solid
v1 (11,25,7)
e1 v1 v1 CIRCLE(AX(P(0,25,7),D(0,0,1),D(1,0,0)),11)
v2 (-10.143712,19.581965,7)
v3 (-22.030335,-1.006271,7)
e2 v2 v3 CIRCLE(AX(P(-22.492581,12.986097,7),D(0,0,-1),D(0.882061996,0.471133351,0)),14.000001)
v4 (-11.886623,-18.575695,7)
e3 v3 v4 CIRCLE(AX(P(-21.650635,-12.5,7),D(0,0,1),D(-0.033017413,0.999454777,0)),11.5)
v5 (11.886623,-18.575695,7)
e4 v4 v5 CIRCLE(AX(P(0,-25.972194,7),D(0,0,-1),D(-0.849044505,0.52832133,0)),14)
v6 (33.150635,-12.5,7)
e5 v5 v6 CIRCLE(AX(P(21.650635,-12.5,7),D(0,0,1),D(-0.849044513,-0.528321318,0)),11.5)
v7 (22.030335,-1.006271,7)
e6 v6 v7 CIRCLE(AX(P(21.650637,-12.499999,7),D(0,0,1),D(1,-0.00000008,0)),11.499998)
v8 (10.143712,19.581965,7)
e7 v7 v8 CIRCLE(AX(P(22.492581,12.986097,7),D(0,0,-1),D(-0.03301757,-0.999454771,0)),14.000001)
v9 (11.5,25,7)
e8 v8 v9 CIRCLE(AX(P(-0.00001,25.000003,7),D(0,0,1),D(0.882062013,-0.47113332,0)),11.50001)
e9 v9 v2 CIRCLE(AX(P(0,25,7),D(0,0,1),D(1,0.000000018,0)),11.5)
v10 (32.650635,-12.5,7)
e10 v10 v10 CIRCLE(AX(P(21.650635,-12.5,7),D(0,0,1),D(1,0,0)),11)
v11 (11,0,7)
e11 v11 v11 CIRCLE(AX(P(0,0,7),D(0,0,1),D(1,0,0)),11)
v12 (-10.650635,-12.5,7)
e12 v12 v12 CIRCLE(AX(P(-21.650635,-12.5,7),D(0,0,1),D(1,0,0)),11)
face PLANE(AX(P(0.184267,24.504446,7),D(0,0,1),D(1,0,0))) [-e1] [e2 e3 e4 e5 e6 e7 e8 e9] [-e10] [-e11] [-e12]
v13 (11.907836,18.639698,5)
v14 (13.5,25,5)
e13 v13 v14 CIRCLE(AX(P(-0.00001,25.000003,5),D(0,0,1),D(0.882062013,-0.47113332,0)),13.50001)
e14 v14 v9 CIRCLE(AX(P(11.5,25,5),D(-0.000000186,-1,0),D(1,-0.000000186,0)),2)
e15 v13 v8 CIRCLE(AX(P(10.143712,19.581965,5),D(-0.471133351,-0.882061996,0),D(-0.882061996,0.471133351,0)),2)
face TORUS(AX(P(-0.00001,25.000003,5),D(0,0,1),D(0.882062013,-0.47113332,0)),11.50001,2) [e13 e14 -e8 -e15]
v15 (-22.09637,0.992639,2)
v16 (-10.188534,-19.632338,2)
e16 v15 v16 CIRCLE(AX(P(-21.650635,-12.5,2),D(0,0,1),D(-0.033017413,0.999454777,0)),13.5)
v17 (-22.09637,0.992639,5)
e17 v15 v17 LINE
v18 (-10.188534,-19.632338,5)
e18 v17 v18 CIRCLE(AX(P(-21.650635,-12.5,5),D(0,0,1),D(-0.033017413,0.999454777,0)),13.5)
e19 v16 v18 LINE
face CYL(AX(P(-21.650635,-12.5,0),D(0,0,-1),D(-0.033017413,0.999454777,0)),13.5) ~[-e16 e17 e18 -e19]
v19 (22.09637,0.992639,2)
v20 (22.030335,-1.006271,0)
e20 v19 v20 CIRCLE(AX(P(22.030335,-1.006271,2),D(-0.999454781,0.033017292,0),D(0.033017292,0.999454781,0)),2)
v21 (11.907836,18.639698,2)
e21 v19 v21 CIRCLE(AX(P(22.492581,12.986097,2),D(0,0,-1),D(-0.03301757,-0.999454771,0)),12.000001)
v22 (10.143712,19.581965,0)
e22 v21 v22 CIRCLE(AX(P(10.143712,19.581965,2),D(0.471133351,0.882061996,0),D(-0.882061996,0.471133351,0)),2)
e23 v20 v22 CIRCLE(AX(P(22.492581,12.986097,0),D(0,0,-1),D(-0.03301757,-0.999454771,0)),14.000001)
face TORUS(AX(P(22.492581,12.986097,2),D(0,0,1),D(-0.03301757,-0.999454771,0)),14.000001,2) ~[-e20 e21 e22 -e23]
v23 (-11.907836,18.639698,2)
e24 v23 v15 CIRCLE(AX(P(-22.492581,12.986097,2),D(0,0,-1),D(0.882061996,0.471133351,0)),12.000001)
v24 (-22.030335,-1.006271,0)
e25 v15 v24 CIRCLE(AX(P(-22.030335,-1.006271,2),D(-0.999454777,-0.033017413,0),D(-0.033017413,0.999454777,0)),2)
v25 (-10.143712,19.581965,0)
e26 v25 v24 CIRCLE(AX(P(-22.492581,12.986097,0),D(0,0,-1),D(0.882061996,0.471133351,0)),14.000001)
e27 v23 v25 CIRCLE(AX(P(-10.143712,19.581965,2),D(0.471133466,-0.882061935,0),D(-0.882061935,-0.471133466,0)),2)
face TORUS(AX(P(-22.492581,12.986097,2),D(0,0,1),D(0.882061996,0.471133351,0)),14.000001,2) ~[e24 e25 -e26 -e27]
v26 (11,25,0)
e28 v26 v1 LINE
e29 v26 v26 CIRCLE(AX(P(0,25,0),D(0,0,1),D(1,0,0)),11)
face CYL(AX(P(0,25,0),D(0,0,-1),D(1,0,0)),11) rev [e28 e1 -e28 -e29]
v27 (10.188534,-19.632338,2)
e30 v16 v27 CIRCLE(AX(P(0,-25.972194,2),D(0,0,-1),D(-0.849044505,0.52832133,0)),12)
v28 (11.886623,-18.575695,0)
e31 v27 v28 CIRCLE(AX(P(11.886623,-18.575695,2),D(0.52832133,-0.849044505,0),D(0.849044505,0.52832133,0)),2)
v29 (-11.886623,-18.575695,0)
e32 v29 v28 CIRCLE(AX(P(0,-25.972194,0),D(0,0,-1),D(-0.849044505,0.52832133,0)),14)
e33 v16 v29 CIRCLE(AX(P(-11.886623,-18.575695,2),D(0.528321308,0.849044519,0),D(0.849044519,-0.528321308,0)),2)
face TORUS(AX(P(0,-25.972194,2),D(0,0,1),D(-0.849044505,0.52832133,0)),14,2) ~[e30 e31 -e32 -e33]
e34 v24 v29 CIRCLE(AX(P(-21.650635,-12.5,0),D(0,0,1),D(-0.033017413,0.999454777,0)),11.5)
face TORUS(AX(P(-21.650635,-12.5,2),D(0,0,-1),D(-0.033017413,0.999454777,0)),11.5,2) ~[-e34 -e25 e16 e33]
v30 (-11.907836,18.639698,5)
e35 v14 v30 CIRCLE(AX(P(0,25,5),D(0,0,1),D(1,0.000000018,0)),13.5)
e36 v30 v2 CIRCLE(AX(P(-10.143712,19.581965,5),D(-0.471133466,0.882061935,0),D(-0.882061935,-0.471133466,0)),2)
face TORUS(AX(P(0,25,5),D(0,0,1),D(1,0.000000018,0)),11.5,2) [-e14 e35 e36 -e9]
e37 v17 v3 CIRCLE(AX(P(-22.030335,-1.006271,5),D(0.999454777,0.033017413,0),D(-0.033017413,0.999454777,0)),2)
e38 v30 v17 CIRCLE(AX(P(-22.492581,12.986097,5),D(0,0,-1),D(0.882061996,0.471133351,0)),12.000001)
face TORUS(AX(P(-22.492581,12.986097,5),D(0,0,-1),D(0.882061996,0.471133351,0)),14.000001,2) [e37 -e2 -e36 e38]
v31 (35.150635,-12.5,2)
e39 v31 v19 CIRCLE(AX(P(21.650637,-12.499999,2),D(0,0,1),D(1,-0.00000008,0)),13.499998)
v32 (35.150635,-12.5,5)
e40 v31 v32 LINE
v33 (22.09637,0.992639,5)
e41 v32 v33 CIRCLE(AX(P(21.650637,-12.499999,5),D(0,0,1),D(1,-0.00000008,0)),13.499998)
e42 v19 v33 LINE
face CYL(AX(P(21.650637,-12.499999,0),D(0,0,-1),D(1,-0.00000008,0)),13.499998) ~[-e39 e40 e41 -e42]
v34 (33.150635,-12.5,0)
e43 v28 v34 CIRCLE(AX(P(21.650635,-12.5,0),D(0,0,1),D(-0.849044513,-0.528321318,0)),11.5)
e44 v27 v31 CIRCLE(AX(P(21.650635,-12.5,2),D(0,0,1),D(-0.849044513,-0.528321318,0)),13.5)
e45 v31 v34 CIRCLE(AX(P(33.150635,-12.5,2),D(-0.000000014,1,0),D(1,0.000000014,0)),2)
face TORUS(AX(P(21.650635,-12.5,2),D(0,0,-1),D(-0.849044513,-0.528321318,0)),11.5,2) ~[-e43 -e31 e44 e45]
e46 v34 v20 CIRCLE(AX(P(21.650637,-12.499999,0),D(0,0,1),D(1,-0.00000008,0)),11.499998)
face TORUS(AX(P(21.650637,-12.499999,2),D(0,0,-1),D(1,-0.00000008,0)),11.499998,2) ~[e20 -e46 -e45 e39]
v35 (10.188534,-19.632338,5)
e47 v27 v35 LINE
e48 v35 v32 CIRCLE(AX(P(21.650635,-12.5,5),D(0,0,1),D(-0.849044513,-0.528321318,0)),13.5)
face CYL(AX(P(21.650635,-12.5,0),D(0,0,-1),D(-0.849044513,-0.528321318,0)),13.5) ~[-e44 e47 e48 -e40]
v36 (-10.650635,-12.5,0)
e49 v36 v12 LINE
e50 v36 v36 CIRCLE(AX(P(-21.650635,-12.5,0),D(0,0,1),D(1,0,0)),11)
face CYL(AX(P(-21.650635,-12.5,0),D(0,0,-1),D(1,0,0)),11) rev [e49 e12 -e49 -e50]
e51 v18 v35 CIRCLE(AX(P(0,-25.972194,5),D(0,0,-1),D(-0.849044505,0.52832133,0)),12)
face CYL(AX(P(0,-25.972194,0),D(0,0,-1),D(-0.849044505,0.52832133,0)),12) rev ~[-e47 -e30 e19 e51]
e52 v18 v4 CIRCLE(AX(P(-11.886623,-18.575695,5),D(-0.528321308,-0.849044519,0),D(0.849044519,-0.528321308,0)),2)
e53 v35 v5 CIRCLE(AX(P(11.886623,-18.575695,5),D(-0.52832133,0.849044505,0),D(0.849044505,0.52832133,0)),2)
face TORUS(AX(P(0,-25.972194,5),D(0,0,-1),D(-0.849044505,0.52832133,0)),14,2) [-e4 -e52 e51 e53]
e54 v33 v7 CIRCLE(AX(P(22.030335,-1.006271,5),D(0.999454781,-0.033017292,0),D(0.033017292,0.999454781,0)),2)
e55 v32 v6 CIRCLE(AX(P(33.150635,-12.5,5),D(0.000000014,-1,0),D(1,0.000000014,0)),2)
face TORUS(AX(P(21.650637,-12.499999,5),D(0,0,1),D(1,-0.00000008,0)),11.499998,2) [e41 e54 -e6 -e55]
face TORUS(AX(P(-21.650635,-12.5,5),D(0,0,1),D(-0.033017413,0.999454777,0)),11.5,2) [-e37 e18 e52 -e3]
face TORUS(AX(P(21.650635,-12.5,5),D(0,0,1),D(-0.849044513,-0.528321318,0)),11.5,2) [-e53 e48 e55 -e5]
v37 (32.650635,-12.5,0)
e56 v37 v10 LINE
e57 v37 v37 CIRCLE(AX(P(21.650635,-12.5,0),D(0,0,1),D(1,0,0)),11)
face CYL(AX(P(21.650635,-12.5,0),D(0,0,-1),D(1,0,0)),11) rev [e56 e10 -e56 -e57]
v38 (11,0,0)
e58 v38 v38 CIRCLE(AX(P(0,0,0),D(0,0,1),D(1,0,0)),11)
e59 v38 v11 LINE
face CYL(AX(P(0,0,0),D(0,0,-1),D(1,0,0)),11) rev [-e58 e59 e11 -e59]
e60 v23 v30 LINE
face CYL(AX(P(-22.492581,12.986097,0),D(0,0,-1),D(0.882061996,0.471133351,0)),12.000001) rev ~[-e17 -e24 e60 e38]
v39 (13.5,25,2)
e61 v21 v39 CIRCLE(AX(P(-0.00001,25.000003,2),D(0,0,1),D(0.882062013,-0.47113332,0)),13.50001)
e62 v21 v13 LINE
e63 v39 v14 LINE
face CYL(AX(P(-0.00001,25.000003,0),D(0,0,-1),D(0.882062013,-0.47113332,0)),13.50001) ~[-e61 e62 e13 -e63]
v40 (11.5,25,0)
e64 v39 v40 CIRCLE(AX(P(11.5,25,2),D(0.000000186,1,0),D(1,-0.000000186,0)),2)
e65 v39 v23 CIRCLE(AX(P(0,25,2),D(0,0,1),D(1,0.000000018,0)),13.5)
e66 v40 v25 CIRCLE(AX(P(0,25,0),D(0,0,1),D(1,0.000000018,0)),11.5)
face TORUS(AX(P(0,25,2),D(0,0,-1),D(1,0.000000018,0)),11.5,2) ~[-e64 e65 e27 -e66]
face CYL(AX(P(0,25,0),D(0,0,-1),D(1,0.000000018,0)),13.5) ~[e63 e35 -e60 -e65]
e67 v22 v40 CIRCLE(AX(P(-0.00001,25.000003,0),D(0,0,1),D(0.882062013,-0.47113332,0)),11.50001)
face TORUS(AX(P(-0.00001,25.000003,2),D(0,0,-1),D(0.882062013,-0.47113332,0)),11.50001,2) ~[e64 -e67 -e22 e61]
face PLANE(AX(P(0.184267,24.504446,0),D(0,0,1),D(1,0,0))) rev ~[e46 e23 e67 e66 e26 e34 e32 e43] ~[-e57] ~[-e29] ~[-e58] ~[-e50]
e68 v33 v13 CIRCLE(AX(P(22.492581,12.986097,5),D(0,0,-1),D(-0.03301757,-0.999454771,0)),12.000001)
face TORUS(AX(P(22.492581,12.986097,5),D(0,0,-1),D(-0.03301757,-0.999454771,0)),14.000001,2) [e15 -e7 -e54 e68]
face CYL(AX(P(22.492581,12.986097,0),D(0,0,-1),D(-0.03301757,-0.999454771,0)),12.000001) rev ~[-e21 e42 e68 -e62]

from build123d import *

# Parameters (mm, degrees)
F0_R     = 11
F1_DEPTH = 7
F2_R     = 2


with BuildPart() as f1:
    # F0 (on Top) → F1 (new body)
    with BuildSketch(Plane.XY):
        with BuildLine():
            ThreePointArc((11.907836, 18.639698), (13.095911, 21.721722), (13.5, 25))
            ThreePointArc((13.5, 25), (-3.278278, 38.095911), (-11.907836, 18.639698))
            ThreePointArc((-11.907836, 18.639698), (0, 11.5), (11.907836, 18.639698))
        make_face()
        with Locations((0, 25)):
            Circle(F0_R, mode=Mode.SUBTRACT)
        with BuildLine():
            ThreePointArc((11.907836, 18.639698), (0, 11.5), (-11.907836, 18.639698))
            ThreePointArc((-11.907836, 18.639698), (-12.100275, 6.986097), (-22.09637, 0.992639))
            ThreePointArc((-22.09637, 0.992639), (-12.263607, -2.797747), (-8.150635, -12.5))
            ThreePointArc((-8.150635, -12.5), (-8.670104, -16.208884), (-10.188534, -19.632338))
            ThreePointArc((-10.188534, -19.632338), (0, -13.972194), (10.188534, -19.632338))
            ThreePointArc((10.188534, -19.632338), (9.959292, -5.75), (22.09637, 0.992639))
            ThreePointArc((22.09637, 0.992639), (12.100275, 6.986097), (11.907836, 18.639698))
        make_face()
        Circle(F0_R, mode=Mode.SUBTRACT)
        with BuildLine():
            ThreePointArc((-8.150635, -12.5), (-12.263607, -2.797747), (-22.09637, 0.992639))
            ThreePointArc((-22.09637, 0.992639), (-33.341978, -19.25), (-10.188534, -19.632338))
            ThreePointArc((-10.188534, -19.632338), (-8.670104, -16.208884), (-8.150635, -12.5))
        make_face()
        with Locations((-21.650635, -12.5)):
            Circle(F0_R, mode=Mode.SUBTRACT)
        with BuildLine():
            ThreePointArc((35.150635, -12.5), (31.352888, -3.112972), (22.09637, 0.992639))
            ThreePointArc((22.09637, 0.992639), (9.959292, -5.75), (10.188534, -19.632338))
            ThreePointArc((10.188534, -19.632338), (25.359519, -25.480531), (35.150635, -12.5))
        make_face()
        with Locations((21.650635, -12.5)):
            Circle(F0_R, mode=Mode.SUBTRACT)
    extrude(amount=F1_DEPTH)

    # F2
    f2_edges = [f1.edges().sort_by_distance(p)[0] for p in [
        (-33.341978, -19.25, 7),
        (-33.341978, -19.25, 0),
    ]]
    fillet(f2_edges, radius=F2_R)


solid = f1.part
